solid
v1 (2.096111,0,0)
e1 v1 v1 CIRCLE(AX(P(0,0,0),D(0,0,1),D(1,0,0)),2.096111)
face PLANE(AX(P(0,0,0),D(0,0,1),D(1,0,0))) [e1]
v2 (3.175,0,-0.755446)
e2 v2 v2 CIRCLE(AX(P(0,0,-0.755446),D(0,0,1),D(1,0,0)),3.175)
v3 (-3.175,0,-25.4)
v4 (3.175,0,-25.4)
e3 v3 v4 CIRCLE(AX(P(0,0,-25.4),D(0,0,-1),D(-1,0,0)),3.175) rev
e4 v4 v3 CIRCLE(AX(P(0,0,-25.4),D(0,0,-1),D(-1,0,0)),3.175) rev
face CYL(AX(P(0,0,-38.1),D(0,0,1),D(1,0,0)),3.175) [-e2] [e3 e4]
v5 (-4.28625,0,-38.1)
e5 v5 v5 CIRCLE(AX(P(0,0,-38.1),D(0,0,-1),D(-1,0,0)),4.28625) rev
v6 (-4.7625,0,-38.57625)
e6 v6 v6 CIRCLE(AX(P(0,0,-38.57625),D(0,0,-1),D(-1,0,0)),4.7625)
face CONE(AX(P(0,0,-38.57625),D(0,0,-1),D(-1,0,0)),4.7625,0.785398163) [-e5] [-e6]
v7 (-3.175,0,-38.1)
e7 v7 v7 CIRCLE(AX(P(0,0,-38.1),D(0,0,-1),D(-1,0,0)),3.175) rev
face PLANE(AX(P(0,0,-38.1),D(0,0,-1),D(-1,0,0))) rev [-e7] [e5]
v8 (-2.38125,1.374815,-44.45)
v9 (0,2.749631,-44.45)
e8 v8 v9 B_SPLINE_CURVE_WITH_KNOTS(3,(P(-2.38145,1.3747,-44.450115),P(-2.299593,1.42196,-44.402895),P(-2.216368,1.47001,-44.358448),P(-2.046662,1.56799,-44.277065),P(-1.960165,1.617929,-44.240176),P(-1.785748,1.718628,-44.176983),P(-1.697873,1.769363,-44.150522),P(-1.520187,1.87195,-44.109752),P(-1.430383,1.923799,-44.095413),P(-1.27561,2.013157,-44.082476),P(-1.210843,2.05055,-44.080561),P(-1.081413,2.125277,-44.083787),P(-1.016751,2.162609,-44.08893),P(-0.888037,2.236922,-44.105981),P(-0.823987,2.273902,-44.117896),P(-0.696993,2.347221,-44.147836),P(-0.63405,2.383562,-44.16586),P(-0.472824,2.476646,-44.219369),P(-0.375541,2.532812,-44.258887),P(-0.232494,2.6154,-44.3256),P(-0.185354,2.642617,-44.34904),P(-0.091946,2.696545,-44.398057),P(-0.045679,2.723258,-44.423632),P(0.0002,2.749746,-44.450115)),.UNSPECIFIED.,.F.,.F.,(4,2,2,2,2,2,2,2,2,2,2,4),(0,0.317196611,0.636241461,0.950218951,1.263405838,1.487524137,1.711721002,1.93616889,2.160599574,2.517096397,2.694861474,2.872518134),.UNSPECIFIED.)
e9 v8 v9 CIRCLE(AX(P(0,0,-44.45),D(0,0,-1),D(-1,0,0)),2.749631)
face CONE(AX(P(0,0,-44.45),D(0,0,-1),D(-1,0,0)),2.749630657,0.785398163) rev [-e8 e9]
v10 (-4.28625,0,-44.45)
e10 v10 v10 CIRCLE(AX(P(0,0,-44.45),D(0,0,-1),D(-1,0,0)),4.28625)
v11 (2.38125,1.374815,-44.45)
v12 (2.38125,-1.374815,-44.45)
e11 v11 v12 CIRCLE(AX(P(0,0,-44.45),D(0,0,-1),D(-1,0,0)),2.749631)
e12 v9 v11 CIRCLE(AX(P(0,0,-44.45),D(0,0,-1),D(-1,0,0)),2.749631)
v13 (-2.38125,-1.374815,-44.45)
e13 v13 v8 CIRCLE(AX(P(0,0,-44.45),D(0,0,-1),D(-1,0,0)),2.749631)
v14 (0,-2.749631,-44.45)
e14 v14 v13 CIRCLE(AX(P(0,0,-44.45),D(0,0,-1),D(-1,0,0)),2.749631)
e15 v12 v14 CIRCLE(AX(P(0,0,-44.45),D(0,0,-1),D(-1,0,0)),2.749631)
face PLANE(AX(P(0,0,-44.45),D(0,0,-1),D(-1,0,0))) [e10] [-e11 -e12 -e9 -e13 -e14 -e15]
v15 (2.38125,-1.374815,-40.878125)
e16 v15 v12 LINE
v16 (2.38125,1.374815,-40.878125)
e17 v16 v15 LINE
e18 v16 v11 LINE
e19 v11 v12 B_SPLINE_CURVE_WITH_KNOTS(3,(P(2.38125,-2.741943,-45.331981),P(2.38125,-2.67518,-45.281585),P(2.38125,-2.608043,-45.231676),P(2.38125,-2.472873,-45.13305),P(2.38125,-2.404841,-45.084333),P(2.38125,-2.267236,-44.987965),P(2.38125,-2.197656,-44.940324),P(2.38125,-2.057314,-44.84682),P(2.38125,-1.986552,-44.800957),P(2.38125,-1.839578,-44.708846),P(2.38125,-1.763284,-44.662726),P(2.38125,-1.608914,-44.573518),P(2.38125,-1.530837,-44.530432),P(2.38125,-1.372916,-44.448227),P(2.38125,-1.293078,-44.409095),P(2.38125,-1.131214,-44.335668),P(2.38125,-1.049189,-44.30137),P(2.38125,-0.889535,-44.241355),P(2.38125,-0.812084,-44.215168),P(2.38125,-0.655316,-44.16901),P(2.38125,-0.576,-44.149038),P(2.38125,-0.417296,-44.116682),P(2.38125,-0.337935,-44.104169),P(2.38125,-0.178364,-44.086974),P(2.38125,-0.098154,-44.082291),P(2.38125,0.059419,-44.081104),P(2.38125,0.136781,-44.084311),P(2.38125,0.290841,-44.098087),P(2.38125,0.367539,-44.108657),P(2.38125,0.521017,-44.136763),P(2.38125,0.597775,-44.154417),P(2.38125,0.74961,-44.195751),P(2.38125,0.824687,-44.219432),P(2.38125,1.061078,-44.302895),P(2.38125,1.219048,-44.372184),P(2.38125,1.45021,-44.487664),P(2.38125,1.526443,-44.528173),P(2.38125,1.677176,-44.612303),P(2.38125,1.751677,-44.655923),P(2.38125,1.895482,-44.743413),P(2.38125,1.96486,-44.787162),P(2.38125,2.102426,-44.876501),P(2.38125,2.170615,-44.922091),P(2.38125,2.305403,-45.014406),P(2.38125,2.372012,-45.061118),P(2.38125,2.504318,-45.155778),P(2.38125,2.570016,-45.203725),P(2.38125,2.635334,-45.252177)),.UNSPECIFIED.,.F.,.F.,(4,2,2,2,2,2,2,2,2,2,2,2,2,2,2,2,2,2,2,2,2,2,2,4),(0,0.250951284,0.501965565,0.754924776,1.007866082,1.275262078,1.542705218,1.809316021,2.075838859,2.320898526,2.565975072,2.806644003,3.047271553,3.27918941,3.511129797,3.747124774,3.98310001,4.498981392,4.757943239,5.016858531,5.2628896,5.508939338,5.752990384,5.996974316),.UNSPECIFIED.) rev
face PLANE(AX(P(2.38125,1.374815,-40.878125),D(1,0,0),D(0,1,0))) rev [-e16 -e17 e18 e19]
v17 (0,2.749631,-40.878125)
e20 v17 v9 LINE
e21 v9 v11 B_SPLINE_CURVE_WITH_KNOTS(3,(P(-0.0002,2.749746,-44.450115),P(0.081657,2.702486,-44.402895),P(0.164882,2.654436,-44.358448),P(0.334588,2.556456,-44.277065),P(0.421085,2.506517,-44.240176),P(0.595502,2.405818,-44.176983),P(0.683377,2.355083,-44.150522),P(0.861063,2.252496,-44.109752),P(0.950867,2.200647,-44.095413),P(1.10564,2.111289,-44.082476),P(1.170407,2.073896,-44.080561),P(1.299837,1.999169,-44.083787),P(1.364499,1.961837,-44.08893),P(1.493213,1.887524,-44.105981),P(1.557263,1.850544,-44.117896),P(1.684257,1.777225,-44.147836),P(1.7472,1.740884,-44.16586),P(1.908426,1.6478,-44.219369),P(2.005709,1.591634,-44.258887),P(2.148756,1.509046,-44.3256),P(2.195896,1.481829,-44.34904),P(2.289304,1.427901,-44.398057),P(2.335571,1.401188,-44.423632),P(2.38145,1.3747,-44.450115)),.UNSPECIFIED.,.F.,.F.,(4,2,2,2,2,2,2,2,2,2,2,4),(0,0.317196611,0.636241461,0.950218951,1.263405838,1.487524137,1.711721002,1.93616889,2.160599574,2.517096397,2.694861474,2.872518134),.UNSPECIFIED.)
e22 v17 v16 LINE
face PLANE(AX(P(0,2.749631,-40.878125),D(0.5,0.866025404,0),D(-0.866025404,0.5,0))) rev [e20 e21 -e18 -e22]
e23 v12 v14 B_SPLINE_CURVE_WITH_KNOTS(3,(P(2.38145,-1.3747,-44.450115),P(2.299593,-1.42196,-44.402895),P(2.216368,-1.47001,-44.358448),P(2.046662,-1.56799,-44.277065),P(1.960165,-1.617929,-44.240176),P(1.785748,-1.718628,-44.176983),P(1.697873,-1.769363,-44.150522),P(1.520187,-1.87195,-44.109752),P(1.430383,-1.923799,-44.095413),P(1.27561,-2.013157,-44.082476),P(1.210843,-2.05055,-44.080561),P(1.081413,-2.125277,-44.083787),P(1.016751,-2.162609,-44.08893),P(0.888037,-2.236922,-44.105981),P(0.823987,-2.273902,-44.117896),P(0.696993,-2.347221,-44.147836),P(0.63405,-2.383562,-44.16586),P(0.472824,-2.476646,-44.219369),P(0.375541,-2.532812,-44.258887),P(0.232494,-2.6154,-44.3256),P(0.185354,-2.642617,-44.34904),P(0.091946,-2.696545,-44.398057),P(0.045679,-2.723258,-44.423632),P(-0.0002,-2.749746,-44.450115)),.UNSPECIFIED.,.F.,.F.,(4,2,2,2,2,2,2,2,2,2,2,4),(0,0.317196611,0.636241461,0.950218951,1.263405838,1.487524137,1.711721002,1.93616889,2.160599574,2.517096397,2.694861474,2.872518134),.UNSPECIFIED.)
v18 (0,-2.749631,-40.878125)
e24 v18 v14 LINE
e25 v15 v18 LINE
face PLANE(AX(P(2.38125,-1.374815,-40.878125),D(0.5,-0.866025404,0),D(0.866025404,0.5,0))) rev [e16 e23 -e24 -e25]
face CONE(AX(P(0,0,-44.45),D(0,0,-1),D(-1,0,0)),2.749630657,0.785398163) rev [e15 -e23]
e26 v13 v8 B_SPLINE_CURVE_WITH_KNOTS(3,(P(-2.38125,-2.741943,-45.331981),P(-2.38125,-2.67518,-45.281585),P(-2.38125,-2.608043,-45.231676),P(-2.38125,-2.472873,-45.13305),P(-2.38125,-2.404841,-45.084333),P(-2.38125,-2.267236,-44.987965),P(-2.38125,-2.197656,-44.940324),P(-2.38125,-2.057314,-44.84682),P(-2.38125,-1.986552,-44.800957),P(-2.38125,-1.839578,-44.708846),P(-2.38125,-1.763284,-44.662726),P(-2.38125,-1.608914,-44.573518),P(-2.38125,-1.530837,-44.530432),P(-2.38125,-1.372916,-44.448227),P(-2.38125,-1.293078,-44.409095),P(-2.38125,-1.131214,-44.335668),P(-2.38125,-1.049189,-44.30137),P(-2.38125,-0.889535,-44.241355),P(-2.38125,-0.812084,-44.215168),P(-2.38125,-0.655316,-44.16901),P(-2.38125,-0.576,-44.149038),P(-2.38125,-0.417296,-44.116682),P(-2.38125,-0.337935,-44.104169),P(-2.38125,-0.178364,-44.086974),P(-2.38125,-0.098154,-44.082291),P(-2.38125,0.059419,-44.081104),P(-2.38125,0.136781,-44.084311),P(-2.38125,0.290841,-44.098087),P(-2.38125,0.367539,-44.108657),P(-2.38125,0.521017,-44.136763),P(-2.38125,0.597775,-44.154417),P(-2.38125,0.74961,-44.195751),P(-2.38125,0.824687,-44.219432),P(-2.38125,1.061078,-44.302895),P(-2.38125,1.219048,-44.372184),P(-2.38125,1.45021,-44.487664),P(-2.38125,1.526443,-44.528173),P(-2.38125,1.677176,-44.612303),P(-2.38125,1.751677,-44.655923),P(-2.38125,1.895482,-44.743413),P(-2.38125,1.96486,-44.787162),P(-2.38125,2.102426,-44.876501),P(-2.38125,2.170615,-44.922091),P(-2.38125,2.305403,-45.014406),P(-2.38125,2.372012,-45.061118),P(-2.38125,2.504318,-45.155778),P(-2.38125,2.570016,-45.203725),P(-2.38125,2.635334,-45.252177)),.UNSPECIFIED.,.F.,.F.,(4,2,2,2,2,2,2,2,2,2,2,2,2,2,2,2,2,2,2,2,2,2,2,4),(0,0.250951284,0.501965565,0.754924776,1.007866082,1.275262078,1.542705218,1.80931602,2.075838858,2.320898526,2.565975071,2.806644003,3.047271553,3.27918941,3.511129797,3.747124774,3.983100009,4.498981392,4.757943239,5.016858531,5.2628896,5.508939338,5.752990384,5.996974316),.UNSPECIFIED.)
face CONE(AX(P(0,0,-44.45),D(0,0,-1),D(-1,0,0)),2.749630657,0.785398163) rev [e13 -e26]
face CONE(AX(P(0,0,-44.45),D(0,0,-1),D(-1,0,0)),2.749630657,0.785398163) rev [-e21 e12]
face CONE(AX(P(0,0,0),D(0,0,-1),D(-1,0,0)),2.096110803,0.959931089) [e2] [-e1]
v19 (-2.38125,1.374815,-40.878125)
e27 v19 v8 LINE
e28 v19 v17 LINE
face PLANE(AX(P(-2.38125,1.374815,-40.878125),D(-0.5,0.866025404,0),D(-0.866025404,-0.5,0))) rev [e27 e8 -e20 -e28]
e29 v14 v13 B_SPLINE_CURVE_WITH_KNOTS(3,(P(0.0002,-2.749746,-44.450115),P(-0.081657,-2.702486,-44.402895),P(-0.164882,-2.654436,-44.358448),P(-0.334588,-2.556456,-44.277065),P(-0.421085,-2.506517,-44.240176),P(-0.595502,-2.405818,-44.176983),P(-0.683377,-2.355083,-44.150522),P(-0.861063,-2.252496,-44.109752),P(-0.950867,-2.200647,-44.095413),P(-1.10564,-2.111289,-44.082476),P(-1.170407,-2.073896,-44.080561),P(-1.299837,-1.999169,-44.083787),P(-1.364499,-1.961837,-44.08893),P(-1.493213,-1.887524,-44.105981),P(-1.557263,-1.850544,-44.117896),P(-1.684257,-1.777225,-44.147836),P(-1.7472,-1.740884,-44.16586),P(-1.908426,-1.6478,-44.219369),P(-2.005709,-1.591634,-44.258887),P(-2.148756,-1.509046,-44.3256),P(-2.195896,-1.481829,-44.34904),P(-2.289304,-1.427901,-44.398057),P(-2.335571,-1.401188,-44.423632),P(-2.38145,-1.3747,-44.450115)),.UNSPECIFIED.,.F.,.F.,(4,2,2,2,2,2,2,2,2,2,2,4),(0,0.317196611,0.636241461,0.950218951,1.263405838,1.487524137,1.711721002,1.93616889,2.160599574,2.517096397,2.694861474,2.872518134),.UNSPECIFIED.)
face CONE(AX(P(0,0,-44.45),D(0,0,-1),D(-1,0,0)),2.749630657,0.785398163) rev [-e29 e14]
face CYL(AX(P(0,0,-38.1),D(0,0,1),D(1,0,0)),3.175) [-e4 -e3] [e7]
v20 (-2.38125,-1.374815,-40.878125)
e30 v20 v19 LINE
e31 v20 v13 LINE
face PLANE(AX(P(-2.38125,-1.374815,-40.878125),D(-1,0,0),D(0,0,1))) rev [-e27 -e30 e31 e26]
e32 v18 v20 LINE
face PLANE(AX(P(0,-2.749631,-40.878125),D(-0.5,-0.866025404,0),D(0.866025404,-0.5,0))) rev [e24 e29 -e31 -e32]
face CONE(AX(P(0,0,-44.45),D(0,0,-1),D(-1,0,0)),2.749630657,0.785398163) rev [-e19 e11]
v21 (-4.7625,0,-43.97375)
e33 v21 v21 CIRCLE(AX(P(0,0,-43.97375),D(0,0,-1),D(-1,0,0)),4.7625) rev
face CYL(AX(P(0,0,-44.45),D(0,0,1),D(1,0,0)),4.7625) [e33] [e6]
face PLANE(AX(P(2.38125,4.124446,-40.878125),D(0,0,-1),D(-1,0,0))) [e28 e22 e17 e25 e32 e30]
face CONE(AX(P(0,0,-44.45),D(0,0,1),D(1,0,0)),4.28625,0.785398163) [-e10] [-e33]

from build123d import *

# Parameters (mm, degrees)
SKETCH1_R          = 3.175
EXTRUDE1_DEPTH     = 38.1
SKETCH6_R          = 4.7625
EXTRUDE2_DEPTH     = 6.35
CUT_EXTRUDE1_DEPTH = 3.571875
CHAMFER1_SIZE      = 0.47625


with BuildPart() as part:
    # Sketch1 → Extrude1 (new body)
    with BuildSketch(Plane.XY):
        Circle(SKETCH1_R)
    extrude(amount=-EXTRUDE1_DEPTH)

    # Sketch4 → Cut-Revolve1 (revolve, cut)
    with BuildSketch(Plane(origin=(0, 0, 0), x_dir=(0, 0, -1), z_dir=(1, 0, 0))):
        Polygon((0.755446349, 3.175), (0, 2.096110803), (0, 3.175), align=None)
    revolve(axis=Axis((0, 0, 0), (0, 0, -1)), mode=Mode.SUBTRACT)

    # Sketch6 → Extrude2 (add)
    with BuildSketch(Plane(origin=(0, 0, -38.1), x_dir=(-1, 0, 0), z_dir=(0, 0, -1))):
        Circle(SKETCH6_R)
    extrude(amount=EXTRUDE2_DEPTH)

    # Sketch7 → Cut-Extrude1 (cut)
    with BuildSketch(Plane(origin=(0, 0, -44.45), x_dir=(-1, 0, 0), z_dir=(0, 0, -1))):
        Polygon((0, 2.749630657), (-2.38125, 1.374815329), (-2.38125, -1.374815329), (0, -2.749630657), (2.38125, -1.374815329), (2.38125, 1.374815329), align=None)
    extrude(amount=-CUT_EXTRUDE1_DEPTH, mode=Mode.SUBTRACT)

    # Cut-Extrude2 cone 1 section (through the dimple's axis) → Cut-Extrude2 (revolve, cut)
    with BuildSketch(Plane(origin=(0, 0, -44.45), x_dir=(0, 1, 0), z_dir=(1, 0, 0))):
        Polygon((0, 0), (2.749630657, 0), (0, 2.749630657), align=None)
    revolve(axis=Axis((0, 0, -44.45), (0, 0, 1)), mode=Mode.SUBTRACT)

    # Chamfer1
    chamfer1_edges = [part.edges().sort_by_distance(p)[0] for p in [
        (4.7625, 0, -44.45),
        (4.7625, 0, -38.1),
    ]]
    chamfer(chamfer1_edges, length=CHAMFER1_SIZE)


solid = part.part
